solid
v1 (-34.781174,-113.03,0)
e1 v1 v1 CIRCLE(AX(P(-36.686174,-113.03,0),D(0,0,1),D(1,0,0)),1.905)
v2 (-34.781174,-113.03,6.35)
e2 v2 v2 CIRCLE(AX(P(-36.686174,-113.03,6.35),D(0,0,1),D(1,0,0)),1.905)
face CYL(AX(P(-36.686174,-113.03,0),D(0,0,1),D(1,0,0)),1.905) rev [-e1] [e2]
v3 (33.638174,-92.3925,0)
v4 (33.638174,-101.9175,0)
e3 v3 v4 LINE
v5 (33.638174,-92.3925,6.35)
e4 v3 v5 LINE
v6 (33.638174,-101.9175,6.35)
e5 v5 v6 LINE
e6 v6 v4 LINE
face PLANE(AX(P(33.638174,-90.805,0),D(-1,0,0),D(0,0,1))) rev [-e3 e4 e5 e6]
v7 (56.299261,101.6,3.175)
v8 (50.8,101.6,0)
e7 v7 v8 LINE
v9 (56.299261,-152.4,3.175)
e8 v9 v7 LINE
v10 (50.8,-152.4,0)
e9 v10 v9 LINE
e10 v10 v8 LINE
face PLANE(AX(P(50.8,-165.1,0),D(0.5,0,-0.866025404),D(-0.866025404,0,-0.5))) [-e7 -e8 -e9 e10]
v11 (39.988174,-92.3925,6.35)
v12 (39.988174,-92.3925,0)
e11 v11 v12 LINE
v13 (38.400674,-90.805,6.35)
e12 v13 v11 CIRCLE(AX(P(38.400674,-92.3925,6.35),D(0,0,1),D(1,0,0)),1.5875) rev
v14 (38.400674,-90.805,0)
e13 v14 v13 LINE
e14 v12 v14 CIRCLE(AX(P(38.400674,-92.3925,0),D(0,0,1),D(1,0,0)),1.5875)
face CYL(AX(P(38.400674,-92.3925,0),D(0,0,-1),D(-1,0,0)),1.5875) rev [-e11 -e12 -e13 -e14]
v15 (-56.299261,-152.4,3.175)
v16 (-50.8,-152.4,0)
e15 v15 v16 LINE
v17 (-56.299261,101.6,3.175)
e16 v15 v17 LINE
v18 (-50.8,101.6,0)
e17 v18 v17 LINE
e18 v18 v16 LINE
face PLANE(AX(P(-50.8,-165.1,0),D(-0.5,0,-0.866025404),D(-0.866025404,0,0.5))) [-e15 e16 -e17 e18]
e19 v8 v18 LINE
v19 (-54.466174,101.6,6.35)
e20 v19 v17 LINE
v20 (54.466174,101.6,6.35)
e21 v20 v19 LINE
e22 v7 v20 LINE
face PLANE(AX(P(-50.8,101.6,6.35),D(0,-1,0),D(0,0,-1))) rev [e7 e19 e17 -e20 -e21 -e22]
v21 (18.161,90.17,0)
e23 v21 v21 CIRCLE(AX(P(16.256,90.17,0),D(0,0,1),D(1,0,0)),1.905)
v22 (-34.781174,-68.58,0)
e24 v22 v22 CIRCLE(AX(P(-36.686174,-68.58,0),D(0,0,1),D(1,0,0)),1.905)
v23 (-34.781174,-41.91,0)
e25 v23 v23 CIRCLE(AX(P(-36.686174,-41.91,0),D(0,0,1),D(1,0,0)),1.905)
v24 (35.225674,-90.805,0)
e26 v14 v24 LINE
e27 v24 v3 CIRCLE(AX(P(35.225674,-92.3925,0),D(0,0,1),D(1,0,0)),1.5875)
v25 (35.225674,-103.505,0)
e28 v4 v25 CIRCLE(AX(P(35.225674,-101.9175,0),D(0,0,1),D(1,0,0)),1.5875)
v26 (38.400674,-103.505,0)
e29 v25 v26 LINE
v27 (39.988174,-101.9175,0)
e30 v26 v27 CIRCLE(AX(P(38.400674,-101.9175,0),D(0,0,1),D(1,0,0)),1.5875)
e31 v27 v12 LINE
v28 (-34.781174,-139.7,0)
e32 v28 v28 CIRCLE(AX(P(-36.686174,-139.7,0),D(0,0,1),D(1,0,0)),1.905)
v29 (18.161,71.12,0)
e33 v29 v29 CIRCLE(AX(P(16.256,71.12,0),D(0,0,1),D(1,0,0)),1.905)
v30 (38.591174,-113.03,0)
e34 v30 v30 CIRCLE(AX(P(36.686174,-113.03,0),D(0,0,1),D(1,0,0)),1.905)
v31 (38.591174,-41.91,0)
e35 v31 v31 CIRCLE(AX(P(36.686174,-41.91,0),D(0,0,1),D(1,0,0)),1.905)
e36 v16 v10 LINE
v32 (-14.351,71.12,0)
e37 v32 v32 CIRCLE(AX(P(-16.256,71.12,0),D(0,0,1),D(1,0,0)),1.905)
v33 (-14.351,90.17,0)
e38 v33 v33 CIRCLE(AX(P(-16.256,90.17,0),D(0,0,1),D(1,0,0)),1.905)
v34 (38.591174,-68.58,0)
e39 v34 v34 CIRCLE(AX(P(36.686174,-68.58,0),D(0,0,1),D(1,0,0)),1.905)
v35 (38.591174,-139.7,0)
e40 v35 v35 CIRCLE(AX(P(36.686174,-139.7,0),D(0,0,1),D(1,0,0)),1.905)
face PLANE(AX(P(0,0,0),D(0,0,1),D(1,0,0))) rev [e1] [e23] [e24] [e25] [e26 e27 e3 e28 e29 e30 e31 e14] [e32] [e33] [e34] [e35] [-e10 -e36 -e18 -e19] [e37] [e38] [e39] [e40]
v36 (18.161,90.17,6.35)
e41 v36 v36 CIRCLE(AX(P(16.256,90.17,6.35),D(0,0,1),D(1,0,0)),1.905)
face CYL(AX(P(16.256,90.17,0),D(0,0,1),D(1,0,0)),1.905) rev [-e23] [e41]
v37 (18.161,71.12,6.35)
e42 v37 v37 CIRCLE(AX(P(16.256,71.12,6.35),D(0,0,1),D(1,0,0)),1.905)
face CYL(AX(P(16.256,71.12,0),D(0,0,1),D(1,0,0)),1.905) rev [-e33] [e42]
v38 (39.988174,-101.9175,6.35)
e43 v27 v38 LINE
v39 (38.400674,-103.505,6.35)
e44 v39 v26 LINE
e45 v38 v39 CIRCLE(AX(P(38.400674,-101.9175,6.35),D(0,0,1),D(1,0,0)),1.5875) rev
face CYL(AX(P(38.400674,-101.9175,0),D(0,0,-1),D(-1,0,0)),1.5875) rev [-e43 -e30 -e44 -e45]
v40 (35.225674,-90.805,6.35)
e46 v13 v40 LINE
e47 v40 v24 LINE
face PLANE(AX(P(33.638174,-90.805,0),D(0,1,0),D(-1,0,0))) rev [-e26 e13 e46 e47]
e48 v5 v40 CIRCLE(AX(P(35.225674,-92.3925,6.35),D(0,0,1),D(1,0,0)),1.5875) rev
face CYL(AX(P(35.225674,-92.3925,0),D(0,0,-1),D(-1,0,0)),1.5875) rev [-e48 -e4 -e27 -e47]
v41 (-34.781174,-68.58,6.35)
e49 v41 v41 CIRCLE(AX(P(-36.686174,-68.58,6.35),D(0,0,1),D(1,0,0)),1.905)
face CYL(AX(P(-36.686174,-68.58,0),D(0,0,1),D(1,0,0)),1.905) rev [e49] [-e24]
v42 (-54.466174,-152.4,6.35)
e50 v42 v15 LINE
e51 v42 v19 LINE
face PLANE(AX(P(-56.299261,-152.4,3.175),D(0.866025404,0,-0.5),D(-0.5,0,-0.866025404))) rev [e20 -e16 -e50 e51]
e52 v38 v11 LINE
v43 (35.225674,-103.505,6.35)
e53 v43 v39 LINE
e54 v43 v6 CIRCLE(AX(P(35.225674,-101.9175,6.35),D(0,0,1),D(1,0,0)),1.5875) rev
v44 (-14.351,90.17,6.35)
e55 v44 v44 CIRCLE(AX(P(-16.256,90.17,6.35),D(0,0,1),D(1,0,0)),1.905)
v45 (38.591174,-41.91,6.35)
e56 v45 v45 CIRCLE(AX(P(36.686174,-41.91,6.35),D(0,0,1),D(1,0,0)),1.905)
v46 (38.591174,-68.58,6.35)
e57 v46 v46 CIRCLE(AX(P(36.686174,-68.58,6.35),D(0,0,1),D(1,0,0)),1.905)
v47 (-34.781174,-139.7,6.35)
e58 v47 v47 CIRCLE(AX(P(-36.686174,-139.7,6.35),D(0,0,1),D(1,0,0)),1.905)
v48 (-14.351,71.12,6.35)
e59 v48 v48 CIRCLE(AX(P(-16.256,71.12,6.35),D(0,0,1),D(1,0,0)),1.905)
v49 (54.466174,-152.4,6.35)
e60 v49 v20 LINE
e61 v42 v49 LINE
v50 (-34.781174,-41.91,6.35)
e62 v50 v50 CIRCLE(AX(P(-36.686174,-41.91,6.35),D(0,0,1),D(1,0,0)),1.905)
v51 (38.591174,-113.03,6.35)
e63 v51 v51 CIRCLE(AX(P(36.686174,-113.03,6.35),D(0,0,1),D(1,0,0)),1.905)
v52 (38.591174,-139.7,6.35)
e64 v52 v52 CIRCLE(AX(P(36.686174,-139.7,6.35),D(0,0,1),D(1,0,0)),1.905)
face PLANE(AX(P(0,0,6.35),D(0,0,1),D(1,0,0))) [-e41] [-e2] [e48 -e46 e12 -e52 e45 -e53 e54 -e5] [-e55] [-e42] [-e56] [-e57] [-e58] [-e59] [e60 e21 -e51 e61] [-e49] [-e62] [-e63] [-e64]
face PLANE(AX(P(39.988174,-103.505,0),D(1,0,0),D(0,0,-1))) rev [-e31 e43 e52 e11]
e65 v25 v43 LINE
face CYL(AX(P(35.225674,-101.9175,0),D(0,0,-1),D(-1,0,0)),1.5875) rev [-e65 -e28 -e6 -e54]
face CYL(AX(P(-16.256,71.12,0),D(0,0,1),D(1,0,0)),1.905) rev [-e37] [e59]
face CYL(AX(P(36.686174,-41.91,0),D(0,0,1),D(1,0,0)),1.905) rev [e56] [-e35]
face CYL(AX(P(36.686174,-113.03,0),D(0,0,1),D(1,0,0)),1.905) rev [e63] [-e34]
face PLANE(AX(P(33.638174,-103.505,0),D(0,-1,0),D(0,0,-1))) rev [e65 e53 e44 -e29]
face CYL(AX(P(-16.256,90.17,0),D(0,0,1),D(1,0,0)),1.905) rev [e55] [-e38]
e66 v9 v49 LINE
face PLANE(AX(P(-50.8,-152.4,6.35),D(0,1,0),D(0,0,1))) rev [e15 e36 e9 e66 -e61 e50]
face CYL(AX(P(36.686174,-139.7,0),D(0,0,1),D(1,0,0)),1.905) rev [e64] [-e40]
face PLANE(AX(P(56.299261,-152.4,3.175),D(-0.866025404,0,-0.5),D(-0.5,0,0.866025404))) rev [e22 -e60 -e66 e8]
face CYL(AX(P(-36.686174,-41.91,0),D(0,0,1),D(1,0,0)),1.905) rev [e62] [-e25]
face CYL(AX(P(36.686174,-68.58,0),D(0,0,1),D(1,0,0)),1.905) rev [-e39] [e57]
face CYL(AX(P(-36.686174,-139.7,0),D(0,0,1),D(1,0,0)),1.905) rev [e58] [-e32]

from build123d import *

# Parameters (mm, degrees)
SKETCH1_W           = 101.6
SKETCH1_H           = 254
BOSS_EXTRUDE1_DEPTH = 6.35
BOSS_EXTRUDE2_DEPTH = 254
CUT_EXTRUDE2_DEPTH  = 255
SKETCH5_R           = 1.905
CUT_EXTRUDE3_DEPTH  = 7.35
SKETCH6_R           = 1.905
CUT_EXTRUDE4_DEPTH  = 7.35
SKETCH9_W           = 6.35
SKETCH9_H           = 12.7
CUT_EXTRUDE5_DEPTH  = 7.35
FILLET1_R           = 1.5875


with BuildPart() as part:
    # Sketch1 → Boss-Extrude1 (new body)
    with BuildSketch(Plane.XY):
        with Locations((0, -25.4)):
            Rectangle(SKETCH1_W, SKETCH1_H)
    extrude(amount=BOSS_EXTRUDE1_DEPTH)

    # Sketch2 → Boss-Extrude2 (add)
    with BuildSketch(Plane(origin=(0, 101.6, 0), x_dir=(1, 0, 0), z_dir=(0, 1, 0))):
        Polygon((-50.8, 0), (-61.798522628, -6.35), (-50.8, -6.35), align=None)
        Polygon((61.798522628, -6.35), (50.8, -6.35), (50.8, 0), align=None)
    extrude(amount=-BOSS_EXTRUDE2_DEPTH)

    # Sketch4 → Cut-Extrude2 (cut, through all)
    with BuildSketch(Plane(origin=(0, 101.6, 0), x_dir=(1, 0, 0), z_dir=(0, 1, 0))):
        Polygon((56.299261314, -3.175), (54.466174209, -6.35), (61.798522628, -6.35), align=None)
        Polygon((-61.798522628, -6.35), (-54.466174209, -6.35), (-56.299261314, -3.175), align=None)
    extrude(amount=-CUT_EXTRUDE2_DEPTH, mode=Mode.SUBTRACT)

    # Sketch5 → Cut-Extrude3 (cut, through all)
    with BuildSketch(Plane.XY.offset(6.35)):
        with Locations((-36.686174209, -41.91)):
            Circle(SKETCH5_R)
        with Locations((36.686174209, -41.91)):
            Circle(SKETCH5_R)
        with Locations((36.686174209, -68.58)):
            Circle(SKETCH5_R)
        with Locations((36.686174209, -113.03)):
            Circle(SKETCH5_R)
        with Locations((36.686174209, -139.7)):
            Circle(SKETCH5_R)
        with Locations((-36.686174209, -139.7)):
            Circle(SKETCH5_R)
        with Locations((-36.686174209, -113.03)):
            Circle(SKETCH5_R)
        with Locations((-36.686174209, -68.58)):
            Circle(SKETCH5_R)
    extrude(amount=-CUT_EXTRUDE3_DEPTH, mode=Mode.SUBTRACT)

    # Sketch6 → Cut-Extrude4 (cut, through all)
    with BuildSketch(Plane.XY.offset(6.35)):
        with Locations((-16.256, 90.17)):
            Circle(SKETCH6_R)
        with Locations((16.256, 90.17)):
            Circle(SKETCH6_R)
        with Locations((16.256, 71.12)):
            Circle(SKETCH6_R)
        with Locations((-16.256, 71.12)):
            Circle(SKETCH6_R)
    extrude(amount=-CUT_EXTRUDE4_DEPTH, mode=Mode.SUBTRACT)

    # Sketch9 → Cut-Extrude5 (cut, through all)
    with BuildSketch(Plane.XY.offset(6.35)):
        with Locations((36.813174209, -97.155)):
            Rectangle(SKETCH9_W, SKETCH9_H)
    extrude(amount=-CUT_EXTRUDE5_DEPTH, mode=Mode.SUBTRACT)

    # Fillet1
    fillet1_edges = [part.edges().sort_by_distance(p)[0] for p in [
        (33.638174209, -90.805, 3.175),
        (39.988174209, -90.805, 3.175),
        (39.988174209, -103.505, 3.175),
        (33.638174209, -103.505, 3.175),
    ]]
    fillet(fillet1_edges, radius=FILLET1_R)


solid = part.part
